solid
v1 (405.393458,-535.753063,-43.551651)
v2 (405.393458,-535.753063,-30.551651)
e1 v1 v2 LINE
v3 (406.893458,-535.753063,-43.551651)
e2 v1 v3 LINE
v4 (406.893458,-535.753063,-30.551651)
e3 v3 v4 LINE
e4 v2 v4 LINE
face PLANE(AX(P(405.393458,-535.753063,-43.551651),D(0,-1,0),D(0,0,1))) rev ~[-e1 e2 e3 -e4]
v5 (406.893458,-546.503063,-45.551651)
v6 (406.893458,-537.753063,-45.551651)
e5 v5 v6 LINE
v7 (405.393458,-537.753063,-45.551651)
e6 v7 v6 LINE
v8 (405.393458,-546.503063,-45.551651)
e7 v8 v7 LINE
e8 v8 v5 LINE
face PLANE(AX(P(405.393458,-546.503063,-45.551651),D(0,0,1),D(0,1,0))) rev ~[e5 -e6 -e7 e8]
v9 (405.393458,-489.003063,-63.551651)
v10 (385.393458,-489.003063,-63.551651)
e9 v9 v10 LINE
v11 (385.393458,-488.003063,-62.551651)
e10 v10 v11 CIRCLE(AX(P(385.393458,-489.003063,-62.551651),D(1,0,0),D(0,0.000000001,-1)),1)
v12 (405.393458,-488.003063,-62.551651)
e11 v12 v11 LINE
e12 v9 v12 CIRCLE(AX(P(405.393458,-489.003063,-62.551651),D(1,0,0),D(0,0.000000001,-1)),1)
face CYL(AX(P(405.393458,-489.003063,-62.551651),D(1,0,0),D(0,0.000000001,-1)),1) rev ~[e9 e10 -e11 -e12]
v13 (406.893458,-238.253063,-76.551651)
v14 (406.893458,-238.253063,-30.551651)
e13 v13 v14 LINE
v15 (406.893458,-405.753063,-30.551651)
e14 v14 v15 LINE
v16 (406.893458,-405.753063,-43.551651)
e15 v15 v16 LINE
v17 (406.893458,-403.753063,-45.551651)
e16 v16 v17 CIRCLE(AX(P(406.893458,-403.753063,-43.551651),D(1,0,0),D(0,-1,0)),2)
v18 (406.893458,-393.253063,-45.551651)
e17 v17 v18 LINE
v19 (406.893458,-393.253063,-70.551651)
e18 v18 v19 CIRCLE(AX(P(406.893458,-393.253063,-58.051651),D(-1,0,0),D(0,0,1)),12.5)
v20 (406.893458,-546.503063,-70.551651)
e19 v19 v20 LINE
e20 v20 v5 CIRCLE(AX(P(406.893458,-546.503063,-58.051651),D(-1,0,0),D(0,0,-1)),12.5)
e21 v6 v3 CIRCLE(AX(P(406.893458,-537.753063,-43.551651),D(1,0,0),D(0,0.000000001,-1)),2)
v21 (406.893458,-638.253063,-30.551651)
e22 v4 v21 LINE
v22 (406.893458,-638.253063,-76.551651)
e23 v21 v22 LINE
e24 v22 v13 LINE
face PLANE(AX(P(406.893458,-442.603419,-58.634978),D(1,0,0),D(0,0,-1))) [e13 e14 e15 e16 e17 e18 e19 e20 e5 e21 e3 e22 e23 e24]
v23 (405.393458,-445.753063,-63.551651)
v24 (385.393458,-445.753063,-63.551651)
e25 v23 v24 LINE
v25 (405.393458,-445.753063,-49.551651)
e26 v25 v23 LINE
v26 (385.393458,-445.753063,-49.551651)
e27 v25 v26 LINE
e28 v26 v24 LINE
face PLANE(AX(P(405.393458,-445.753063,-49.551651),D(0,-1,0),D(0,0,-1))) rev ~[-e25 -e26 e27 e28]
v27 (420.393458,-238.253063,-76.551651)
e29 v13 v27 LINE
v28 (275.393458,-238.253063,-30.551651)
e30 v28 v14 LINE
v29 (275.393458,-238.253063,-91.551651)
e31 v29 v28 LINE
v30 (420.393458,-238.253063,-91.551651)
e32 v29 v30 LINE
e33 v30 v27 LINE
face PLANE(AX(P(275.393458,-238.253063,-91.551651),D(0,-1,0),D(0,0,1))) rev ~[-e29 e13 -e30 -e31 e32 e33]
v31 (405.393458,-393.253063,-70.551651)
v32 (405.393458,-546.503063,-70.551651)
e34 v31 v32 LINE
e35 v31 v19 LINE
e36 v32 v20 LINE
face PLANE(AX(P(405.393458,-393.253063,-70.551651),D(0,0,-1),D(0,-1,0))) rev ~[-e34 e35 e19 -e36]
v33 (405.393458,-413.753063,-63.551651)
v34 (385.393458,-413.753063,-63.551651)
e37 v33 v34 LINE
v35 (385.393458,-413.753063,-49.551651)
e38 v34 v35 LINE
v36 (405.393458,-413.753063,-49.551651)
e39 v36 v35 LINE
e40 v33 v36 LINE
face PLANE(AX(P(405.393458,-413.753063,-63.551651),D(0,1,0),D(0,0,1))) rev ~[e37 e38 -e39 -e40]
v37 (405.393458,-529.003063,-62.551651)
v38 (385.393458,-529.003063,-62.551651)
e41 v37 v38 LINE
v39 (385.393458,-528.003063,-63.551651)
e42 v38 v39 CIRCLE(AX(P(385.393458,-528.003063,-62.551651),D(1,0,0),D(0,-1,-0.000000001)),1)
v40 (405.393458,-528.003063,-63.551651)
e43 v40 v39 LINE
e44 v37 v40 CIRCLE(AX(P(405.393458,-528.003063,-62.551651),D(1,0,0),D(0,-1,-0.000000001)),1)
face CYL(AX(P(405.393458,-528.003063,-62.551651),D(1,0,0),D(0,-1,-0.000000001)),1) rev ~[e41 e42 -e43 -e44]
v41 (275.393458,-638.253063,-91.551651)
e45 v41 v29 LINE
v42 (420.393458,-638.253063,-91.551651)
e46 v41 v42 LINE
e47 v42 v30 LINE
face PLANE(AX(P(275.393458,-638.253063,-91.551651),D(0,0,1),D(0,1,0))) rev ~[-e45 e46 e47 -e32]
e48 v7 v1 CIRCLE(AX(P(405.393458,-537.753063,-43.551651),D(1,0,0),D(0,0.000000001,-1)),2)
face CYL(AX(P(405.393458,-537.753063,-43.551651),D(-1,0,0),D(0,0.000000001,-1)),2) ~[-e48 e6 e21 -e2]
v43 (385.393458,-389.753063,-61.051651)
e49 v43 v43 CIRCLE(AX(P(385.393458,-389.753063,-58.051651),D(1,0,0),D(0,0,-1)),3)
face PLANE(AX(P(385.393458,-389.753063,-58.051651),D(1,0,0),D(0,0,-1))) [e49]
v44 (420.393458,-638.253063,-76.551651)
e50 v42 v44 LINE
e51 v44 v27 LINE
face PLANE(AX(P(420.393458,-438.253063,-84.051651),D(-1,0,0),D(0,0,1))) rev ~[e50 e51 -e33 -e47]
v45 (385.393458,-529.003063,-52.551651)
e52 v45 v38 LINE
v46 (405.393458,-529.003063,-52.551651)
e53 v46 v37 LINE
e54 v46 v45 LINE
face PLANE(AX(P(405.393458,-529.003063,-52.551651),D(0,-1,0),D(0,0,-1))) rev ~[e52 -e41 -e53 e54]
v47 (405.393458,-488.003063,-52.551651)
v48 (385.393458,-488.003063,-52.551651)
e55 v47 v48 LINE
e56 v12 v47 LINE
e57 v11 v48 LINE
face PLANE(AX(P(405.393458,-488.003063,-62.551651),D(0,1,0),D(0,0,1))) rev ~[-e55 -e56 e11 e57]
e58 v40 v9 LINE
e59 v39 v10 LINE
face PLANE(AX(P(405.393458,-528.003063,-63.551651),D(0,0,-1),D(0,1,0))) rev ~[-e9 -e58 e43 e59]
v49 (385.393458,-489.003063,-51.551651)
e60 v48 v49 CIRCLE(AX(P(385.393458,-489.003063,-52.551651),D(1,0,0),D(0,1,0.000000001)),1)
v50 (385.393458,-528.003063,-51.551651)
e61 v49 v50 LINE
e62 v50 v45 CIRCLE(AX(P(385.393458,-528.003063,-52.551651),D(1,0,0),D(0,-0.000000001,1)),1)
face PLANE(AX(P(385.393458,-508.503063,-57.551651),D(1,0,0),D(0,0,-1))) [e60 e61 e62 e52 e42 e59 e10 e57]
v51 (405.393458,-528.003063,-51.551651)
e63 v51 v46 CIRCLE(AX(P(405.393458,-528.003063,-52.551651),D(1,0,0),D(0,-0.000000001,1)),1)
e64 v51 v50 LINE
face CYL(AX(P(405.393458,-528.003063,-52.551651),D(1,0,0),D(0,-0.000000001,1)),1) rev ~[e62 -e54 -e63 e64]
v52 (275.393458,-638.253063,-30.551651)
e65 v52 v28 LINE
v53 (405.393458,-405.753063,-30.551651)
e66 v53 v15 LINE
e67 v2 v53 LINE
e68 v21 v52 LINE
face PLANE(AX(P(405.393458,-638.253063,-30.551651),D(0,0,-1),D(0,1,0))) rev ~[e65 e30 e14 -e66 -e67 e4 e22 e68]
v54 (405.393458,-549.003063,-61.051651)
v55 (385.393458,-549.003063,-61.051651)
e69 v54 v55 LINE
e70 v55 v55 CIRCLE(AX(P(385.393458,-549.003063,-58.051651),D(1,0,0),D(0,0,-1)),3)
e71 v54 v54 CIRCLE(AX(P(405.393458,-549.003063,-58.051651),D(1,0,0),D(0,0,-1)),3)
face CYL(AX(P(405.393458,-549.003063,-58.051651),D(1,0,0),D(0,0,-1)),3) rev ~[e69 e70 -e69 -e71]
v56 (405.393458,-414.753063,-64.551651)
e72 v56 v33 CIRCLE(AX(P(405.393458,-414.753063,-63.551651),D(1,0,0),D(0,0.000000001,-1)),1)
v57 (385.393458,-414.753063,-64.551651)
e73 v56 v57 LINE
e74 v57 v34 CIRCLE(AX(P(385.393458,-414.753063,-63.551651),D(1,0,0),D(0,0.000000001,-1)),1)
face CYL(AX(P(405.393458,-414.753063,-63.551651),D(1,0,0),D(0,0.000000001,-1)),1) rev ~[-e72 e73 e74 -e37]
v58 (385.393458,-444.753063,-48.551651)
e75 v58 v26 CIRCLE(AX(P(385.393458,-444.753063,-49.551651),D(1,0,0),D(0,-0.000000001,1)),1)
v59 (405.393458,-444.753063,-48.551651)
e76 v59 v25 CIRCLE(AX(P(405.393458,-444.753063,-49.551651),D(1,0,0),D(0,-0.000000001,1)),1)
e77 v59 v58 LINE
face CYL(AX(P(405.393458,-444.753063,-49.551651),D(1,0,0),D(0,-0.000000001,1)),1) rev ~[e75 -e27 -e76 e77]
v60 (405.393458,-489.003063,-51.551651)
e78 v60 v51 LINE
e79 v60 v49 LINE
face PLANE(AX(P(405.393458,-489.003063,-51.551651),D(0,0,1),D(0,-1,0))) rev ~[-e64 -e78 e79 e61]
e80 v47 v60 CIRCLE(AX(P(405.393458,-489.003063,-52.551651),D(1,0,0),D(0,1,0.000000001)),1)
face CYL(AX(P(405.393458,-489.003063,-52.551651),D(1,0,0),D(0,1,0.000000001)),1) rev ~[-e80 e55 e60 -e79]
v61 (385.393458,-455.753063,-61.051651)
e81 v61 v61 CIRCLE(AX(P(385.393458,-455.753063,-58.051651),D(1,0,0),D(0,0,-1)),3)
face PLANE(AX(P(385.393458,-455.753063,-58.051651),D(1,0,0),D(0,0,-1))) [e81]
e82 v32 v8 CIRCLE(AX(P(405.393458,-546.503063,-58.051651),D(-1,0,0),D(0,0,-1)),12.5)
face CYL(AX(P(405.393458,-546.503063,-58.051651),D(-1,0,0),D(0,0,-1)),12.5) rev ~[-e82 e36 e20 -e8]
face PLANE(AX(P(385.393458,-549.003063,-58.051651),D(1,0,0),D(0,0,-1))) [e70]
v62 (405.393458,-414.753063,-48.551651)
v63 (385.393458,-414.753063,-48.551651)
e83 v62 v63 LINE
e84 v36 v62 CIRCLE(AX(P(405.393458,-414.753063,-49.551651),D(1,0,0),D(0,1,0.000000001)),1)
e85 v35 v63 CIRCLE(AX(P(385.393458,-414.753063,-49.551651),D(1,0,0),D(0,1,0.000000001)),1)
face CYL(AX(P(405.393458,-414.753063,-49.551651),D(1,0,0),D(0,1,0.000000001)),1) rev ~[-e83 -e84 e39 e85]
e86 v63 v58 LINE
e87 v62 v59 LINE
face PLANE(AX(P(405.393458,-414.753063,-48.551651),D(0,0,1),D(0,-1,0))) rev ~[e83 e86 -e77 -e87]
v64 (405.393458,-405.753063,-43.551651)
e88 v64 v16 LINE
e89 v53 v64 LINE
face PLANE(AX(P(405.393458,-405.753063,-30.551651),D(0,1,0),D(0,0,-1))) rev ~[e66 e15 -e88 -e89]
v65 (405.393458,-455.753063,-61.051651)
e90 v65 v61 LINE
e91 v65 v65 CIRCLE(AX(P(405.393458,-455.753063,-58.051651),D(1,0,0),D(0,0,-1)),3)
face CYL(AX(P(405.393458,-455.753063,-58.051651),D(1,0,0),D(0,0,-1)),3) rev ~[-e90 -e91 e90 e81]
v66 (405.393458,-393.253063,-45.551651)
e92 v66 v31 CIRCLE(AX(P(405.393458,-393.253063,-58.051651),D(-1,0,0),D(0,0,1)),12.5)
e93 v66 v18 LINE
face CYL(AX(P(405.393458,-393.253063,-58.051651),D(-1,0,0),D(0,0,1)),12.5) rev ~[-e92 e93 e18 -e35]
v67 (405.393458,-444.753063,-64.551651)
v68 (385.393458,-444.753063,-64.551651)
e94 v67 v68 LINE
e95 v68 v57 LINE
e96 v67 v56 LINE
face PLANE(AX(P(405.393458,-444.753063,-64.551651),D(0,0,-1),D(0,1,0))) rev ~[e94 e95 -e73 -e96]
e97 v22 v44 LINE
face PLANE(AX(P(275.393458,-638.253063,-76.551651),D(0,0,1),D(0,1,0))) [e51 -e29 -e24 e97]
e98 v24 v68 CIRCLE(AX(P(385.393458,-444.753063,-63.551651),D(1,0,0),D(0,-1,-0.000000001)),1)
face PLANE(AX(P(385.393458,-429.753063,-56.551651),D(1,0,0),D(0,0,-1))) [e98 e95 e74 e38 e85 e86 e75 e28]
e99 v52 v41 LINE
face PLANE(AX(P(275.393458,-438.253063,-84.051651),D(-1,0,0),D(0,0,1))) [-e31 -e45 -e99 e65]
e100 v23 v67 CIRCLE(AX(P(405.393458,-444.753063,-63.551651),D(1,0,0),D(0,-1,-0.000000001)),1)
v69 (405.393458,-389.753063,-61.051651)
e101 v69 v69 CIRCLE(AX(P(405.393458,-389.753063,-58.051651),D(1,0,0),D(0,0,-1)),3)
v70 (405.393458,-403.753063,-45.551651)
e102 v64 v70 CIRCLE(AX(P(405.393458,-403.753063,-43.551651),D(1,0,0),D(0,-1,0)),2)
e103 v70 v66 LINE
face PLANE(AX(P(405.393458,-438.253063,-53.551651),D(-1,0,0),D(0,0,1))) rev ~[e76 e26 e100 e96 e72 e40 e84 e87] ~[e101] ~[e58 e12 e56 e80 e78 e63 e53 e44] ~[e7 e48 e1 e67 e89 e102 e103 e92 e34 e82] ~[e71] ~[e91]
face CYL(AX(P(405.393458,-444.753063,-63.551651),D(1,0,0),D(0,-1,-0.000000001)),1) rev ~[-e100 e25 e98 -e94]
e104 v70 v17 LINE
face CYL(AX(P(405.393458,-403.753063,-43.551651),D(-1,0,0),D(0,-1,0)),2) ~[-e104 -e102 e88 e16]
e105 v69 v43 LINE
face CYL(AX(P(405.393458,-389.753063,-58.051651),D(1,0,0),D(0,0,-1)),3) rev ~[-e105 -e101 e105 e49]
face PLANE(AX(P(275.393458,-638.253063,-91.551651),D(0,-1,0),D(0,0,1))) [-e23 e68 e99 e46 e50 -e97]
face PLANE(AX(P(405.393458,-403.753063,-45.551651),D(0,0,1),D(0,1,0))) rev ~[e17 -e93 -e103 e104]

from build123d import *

# Parameters (mm, degrees)
EXTRUSION1_DEPTH        = 1.5
ESQUISSE3_W             = 46
ESQUISSE3_H             = 400
EXTRUSION2_DEPTH        = 130
ESQUISSE4_W             = 15
ESQUISSE4_H             = 400
EXTRUSION3_DEPTH        = 145
ESQUISSE7_R             = 3
ENL_V_MAT_EXTRU_1_DEPTH = 20


with BuildPart() as part:
    # Esquisse2 → Extrusion1 (new body)
    with BuildSketch(Plane.ZY.offset(-405.393457589)):
        with BuildLine():
            Line((-30.551651131, -238.253062947), (-30.551651131, -405.753062947))
            Line((-30.551651131, -405.753062947), (-43.551651131, -405.753062947))
            ThreePointArc((-43.551651131, -405.753062947), (-44.965864693, -405.16727651), (-45.551651131, -403.753062947))
            Line((-45.551651131, -403.753062947), (-45.551651131, -393.253062947))
            ThreePointArc((-45.551651131, -393.253062947), (-58.051651131, -380.753062947), (-70.551651131, -393.253062947))
            Line((-70.551651131, -393.253062947), (-70.551651131, -546.503062947))
            ThreePointArc((-70.551651131, -546.503062947), (-58.051651131, -559.003062947), (-45.551651131, -546.503062947))
            Line((-45.551651131, -546.503062947), (-45.551651131, -537.753062947))
            ThreePointArc((-45.551651131, -537.753062947), (-44.965864693, -536.338849385), (-43.551651131, -535.753062947))
            Line((-43.551651131, -535.753062947), (-30.551651131, -535.753062947))
            Line((-30.551651131, -535.753062947), (-30.551651131, -638.253062947))
            Line((-30.551651131, -638.253062947), (-76.551651131, -638.253062947))
            Line((-76.551651131, -638.253062947), (-76.551651131, -238.253062947))
            Line((-76.551651131, -238.253062947), (-30.551651131, -238.253062947))
        make_face()
    extrude(amount=-EXTRUSION1_DEPTH)

    # Esquisse3 → Extrusion2 (add)
    with BuildSketch(Plane.ZY.offset(-405.393457589)):
        with Locations((-53.551651131, -438.253062947)):
            Rectangle(ESQUISSE3_W, ESQUISSE3_H)
    extrude(amount=EXTRUSION2_DEPTH)

    # Esquisse4 → Extrusion3 (add)
    with BuildSketch(Plane.ZY.offset(-275.393457589)):
        with Locations((-84.051651131, -438.253062947)):
            Rectangle(ESQUISSE4_W, ESQUISSE4_H)
    extrude(amount=-EXTRUSION3_DEPTH)

    # Esquisse7 → Enlèv. mat.-Extru.1 (cut)
    with BuildSketch(Plane(origin=(405.393457589, 0, 0), x_dir=(0, 0, -1), z_dir=(1, 0, 0))):
        with Locations((58.051651131, -389.753062947)):
            Circle(ESQUISSE7_R)
        with Locations((58.051651131, -455.753062947)):
            Circle(ESQUISSE7_R)
        with Locations((58.051651131, -549.003062947)):
            Circle(ESQUISSE7_R)
        with BuildLine():
            Line((48.551651131, -414.753062947), (48.551651131, -444.753062947))
            ThreePointArc((48.551651131, -444.753062947), (48.84454435, -445.460169728), (49.551651131, -445.753062947))
            Line((49.551651131, -445.753062947), (63.551651131, -445.753062947))
            ThreePointArc((63.551651131, -445.753062947), (64.258757912, -445.460169728), (64.551651131, -444.753062947))
            Line((64.551651131, -444.753062947), (64.551651131, -414.753062947))
            ThreePointArc((64.551651131, -414.753062947), (64.258757912, -414.045956166), (63.551651131, -413.753062947))
            Line((63.551651131, -413.753062947), (49.551651131, -413.753062947))
            ThreePointArc((49.551651131, -413.753062947), (48.84454435, -414.045956166), (48.551651131, -414.753062947))
        make_face()
        with BuildLine():
            Line((63.551651131, -528.003062947), (63.551651131, -489.003062947))
            ThreePointArc((63.551651131, -489.003062947), (63.258757912, -488.295956166), (62.551651131, -488.003062947))
            Line((62.551651131, -488.003062947), (52.551651131, -488.003062947))
            ThreePointArc((52.551651131, -488.003062947), (51.84454435, -488.295956166), (51.551651131, -489.003062947))
            Line((51.551651131, -489.003062947), (51.551651131, -528.003062947))
            ThreePointArc((51.551651131, -528.003062947), (51.84454435, -528.710169728), (52.551651131, -529.003062947))
            Line((52.551651131, -529.003062947), (62.551651131, -529.003062947))
            ThreePointArc((62.551651131, -529.003062947), (63.258757912, -528.710169728), (63.551651131, -528.003062947))
        make_face()
    extrude(amount=-ENL_V_MAT_EXTRU_1_DEPTH, mode=Mode.SUBTRACT)


solid = part.part
